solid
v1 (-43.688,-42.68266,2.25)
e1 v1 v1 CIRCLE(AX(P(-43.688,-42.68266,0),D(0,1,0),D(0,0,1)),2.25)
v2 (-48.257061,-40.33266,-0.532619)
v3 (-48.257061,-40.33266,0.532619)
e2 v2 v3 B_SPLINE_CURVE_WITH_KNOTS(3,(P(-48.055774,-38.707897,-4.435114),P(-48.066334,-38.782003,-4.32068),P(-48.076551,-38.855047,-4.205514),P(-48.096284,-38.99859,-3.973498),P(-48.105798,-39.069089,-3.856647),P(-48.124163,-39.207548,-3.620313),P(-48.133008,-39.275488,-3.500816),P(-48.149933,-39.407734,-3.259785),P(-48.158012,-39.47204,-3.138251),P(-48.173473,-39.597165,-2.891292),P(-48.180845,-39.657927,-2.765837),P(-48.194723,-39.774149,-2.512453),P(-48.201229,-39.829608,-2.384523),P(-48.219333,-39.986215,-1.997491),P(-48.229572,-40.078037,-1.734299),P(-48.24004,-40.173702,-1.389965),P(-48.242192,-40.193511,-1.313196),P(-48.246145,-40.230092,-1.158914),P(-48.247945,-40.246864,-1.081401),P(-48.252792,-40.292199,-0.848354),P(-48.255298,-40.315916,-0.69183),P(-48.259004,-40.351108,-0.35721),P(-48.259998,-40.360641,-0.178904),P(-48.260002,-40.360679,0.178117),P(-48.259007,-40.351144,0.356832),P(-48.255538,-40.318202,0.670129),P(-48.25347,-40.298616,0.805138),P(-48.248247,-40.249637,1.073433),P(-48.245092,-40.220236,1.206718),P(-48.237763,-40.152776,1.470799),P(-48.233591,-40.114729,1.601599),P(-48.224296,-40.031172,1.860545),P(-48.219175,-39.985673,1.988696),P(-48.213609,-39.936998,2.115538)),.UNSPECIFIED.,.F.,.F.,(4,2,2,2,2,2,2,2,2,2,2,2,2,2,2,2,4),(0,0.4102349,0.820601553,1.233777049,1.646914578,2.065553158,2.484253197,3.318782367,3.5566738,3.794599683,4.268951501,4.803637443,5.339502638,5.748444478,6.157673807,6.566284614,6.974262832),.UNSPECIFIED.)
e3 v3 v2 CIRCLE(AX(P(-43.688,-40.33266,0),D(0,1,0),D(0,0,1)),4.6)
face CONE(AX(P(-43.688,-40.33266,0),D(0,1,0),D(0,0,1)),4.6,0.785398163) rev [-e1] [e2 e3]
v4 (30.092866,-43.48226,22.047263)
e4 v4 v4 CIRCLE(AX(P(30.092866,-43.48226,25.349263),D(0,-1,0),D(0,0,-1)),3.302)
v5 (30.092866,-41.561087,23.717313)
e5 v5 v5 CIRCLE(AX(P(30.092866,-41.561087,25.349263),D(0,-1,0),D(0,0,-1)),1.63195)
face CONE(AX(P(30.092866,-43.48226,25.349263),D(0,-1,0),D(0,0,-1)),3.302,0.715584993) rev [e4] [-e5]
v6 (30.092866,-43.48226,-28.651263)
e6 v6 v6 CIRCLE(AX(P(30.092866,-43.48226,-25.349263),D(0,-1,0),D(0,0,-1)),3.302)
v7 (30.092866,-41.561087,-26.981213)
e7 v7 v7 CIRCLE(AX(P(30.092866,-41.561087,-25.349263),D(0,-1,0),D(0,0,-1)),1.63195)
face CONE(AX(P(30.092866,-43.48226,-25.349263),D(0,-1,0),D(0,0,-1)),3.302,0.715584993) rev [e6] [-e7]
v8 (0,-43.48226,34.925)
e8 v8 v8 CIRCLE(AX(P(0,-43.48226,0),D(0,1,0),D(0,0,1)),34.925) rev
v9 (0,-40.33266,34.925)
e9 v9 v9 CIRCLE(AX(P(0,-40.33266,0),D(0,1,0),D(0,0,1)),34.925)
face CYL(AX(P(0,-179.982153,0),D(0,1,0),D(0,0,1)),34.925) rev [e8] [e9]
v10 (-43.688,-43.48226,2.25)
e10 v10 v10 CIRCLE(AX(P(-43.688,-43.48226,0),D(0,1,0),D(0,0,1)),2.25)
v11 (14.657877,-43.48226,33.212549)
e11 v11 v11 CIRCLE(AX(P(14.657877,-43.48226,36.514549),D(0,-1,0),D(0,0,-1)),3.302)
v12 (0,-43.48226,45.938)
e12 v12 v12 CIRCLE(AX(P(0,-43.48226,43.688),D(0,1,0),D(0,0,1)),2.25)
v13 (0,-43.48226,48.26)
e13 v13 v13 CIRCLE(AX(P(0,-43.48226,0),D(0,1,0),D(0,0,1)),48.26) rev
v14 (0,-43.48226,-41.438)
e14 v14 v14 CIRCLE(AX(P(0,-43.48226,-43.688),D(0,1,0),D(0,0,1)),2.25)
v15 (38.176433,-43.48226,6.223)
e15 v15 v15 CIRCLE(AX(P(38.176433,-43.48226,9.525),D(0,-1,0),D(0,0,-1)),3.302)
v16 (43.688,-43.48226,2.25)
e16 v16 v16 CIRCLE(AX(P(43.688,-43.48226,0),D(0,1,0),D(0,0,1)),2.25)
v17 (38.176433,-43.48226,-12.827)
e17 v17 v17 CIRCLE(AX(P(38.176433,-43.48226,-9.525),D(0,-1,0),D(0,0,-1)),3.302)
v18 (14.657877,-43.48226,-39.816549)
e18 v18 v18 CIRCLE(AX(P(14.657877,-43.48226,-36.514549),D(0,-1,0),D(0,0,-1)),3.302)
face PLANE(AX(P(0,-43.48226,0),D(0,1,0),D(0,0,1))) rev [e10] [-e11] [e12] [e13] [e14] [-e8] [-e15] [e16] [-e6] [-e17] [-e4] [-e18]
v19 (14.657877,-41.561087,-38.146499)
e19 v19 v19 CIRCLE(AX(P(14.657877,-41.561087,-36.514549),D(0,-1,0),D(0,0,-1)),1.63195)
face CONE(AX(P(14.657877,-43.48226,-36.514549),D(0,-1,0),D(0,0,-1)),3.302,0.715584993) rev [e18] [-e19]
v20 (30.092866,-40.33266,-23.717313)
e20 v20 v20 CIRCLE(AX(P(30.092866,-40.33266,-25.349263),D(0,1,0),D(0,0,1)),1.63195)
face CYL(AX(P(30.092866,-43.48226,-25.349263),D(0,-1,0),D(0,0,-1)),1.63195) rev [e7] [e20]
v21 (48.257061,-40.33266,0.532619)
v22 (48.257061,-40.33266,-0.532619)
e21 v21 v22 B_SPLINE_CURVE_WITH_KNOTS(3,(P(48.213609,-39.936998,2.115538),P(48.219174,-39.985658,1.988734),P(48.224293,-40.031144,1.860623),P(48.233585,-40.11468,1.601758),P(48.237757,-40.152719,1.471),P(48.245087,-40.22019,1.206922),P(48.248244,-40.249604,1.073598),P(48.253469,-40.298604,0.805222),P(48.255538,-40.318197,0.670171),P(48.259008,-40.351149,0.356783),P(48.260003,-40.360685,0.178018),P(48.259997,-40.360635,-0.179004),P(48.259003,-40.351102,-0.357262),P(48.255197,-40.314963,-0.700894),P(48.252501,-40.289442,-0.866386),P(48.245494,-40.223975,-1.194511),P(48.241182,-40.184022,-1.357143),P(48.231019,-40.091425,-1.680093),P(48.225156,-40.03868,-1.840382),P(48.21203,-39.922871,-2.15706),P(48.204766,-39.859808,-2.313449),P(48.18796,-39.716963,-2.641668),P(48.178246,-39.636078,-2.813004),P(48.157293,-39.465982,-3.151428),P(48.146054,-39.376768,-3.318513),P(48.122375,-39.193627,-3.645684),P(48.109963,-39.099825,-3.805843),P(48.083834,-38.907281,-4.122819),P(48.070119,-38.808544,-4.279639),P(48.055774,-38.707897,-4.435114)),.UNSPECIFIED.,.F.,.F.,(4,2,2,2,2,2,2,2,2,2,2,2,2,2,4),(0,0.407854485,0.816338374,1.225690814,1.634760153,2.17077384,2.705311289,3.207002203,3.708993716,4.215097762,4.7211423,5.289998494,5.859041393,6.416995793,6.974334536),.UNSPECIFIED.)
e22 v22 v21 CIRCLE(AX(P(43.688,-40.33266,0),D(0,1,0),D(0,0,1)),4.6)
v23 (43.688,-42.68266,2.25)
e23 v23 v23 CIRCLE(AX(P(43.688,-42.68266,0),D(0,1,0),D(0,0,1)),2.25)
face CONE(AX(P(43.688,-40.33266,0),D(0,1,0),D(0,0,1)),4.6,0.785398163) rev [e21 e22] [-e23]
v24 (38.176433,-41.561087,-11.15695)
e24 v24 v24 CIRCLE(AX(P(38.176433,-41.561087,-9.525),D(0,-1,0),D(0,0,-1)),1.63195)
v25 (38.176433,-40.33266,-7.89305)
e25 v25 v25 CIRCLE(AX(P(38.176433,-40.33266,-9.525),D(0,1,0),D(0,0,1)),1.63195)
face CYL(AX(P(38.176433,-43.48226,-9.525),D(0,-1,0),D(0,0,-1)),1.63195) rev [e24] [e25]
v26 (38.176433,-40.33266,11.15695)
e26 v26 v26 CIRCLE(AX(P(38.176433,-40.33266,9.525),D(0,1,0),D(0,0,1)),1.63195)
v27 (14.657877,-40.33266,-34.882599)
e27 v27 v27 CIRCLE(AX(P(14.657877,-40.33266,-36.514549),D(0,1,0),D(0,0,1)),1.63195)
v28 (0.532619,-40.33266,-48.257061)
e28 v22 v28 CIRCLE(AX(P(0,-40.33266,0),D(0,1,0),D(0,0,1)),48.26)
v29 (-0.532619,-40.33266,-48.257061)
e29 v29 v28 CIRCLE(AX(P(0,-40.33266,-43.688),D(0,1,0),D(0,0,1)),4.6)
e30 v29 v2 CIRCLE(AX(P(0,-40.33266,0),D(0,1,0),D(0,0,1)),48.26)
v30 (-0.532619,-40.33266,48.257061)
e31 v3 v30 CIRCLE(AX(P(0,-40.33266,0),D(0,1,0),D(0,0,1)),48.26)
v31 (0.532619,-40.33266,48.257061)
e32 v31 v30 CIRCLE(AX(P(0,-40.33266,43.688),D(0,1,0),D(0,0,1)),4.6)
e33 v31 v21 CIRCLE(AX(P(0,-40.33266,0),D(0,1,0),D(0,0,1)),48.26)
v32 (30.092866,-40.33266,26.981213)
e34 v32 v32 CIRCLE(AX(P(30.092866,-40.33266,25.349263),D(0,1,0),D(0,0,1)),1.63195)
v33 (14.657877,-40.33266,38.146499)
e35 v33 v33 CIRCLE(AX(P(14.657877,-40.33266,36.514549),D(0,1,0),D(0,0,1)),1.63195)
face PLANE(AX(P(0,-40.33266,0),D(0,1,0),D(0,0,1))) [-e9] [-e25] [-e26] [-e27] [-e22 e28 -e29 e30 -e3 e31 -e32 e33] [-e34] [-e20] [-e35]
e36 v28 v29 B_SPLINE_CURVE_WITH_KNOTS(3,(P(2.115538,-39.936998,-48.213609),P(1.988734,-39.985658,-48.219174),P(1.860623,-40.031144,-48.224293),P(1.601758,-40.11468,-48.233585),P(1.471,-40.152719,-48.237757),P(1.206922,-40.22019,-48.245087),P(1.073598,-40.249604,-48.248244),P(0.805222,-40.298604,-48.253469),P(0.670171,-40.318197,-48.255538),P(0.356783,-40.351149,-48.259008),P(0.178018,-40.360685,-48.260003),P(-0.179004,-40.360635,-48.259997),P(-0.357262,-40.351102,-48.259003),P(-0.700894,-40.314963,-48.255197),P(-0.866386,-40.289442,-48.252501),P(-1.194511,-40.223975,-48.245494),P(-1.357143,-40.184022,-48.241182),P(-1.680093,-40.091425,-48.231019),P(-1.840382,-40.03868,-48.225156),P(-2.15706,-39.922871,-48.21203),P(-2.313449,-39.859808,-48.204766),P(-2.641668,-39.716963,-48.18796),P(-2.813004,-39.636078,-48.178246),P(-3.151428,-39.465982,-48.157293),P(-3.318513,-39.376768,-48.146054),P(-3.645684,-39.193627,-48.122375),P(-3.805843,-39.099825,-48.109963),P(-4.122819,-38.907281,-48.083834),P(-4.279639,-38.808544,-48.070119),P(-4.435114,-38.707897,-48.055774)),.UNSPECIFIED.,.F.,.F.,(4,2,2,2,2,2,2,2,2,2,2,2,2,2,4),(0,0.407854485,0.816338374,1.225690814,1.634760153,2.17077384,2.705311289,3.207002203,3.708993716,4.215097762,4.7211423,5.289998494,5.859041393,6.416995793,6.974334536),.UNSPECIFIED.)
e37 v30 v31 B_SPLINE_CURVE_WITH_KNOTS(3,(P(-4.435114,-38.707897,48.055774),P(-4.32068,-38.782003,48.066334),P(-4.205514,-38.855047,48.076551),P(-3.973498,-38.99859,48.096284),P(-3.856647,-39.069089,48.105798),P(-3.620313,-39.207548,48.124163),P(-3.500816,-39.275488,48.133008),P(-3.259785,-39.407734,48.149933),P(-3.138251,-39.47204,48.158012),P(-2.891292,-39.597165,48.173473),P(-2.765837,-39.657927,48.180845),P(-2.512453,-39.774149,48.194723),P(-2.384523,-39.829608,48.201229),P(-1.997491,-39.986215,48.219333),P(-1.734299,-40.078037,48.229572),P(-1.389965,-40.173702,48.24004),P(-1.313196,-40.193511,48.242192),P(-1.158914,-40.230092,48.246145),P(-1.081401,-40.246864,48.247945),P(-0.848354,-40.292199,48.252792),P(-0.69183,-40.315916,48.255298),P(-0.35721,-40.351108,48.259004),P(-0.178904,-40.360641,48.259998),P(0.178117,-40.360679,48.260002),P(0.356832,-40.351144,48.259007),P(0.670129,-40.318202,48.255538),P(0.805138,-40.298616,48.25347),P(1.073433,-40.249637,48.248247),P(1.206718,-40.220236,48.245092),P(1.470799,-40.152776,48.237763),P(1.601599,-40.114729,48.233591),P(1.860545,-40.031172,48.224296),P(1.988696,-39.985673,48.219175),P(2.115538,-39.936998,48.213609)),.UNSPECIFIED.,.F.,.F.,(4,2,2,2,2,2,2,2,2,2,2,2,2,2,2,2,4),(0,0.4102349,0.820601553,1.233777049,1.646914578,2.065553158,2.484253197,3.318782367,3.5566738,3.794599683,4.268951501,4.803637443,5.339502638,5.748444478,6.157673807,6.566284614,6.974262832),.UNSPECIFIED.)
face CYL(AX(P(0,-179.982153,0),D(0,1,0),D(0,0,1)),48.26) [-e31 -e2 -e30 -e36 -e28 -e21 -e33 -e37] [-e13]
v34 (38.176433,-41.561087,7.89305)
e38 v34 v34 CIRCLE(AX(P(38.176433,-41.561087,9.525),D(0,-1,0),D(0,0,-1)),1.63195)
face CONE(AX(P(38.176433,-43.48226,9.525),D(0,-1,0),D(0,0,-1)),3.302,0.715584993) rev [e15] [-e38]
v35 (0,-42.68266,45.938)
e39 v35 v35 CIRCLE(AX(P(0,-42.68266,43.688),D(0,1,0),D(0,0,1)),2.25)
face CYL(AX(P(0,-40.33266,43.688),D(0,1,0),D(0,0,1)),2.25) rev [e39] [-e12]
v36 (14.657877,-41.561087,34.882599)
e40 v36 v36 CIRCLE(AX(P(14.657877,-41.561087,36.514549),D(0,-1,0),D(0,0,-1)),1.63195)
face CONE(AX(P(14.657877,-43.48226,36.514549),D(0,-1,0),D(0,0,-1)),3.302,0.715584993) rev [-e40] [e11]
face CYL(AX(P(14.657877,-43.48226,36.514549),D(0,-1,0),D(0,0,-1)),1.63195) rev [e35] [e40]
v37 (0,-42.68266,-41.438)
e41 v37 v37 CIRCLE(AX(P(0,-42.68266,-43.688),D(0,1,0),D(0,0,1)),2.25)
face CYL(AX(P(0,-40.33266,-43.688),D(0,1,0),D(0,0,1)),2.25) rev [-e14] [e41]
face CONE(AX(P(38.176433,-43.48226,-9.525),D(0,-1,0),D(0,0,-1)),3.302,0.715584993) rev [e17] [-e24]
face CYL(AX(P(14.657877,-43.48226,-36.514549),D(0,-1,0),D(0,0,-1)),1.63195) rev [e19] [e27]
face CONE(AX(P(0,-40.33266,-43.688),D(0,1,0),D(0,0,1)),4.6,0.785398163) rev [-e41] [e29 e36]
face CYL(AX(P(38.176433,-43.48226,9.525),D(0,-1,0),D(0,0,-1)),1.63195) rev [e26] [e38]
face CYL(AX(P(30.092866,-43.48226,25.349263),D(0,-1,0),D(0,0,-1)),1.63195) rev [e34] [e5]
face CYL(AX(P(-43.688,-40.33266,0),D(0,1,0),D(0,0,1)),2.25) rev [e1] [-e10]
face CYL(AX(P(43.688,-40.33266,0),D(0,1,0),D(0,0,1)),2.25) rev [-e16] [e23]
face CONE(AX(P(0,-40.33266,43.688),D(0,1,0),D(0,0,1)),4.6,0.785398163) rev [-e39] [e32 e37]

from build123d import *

# Parameters (mm, degrees)
SKETCH3_R                                      = 48.26
SKETCH3_R_2                                    = 34.925
BOSS_EXTRUDE1_DEPTH                            = 3.1496
CSK_FOR_M4_FLAT_HEAD_MACHINE_SCREW2_AT_2_COUNT = 2
CSK_FOR_M4_FLAT_HEAD_MACHINE_SCREW2_AT_2_PITCH = 61.784162113
CSK_FOR_M4_FLAT_HEAD_MACHINE_SCREW2_AT_3_COUNT = 2
CSK_FOR_M4_FLAT_HEAD_MACHINE_SCREW2_AT_3_PITCH = 87.376
CSK_FOR_M4_FLAT_HEAD_MACHINE_SCREW2_AT_4_COUNT = 2
CSK_FOR_M4_FLAT_HEAD_MACHINE_SCREW2_AT_4_PITCH = 61.784162113
CSK_FOR_4_FLAT_HEAD_MACHINE_SCREW1_AT_2_COUNT  = 2
CSK_FOR_4_FLAT_HEAD_MACHINE_SCREW1_AT_2_PITCH  = 19.05
CSK_FOR_4_FLAT_HEAD_MACHINE_SCREW1_AT_3_COUNT  = 2
CSK_FOR_4_FLAT_HEAD_MACHINE_SCREW1_AT_3_PITCH  = 35.79885845
CSK_FOR_4_FLAT_HEAD_MACHINE_SCREW1_AT_4_COUNT  = 2
CSK_FOR_4_FLAT_HEAD_MACHINE_SCREW1_AT_4_PITCH  = 51.698767879
CSK_FOR_4_FLAT_HEAD_MACHINE_SCREW1_AT_5_COUNT  = 2
CSK_FOR_4_FLAT_HEAD_MACHINE_SCREW1_AT_5_PITCH  = 63.760255082
CSK_FOR_4_FLAT_HEAD_MACHINE_SCREW1_AT_6_COUNT  = 2
CSK_FOR_4_FLAT_HEAD_MACHINE_SCREW1_AT_6_PITCH  = 73.02909889


with BuildPart() as part:
    # Sketch3 → Boss-Extrude1 (new body)
    with BuildSketch(Plane(origin=(0, -40.33266, 0), x_dir=(1, 0, 0), z_dir=(0, 1, 0))):
        Circle(SKETCH3_R)
        Circle(SKETCH3_R_2, mode=Mode.SUBTRACT)
    extrude(amount=-BOSS_EXTRUDE1_DEPTH)

    # Sketch18 → CSK for M4 Flat Head Machine Screw2 (revolve, cut)
    with BuildSketch(Plane(origin=(0, -40.33266, 43.688), x_dir=(0, 0, 1), z_dir=(1, 0, 0))):
        Polygon((0, 0), (0, 3.1496), (2.25, 3.1496), (2.25, 2.35), (4.6, 0), align=None)
    csk_for_m4_flat_head_machine_screw2 = revolve(axis=Axis((0, -33.98266, 43.688), (0, -1, 0)), mode=Mode.SUBTRACT)

    # CSK for M4 Flat Head Machine Screw2 at 2: CSK for M4 Flat Head Machine Screw2 ×2
    with Locations(*[Vector(0.707106781, 0, -0.707106781) * (i * CSK_FOR_M4_FLAT_HEAD_MACHINE_SCREW2_AT_2_PITCH) for i in range(1, CSK_FOR_M4_FLAT_HEAD_MACHINE_SCREW2_AT_2_COUNT)]):
        add(csk_for_m4_flat_head_machine_screw2, mode=Mode.SUBTRACT)

    # CSK for M4 Flat Head Machine Screw2 at 3: CSK for M4 Flat Head Machine Screw2 ×2
    with Locations(*[(0, 0, -i * CSK_FOR_M4_FLAT_HEAD_MACHINE_SCREW2_AT_3_PITCH) for i in range(1, CSK_FOR_M4_FLAT_HEAD_MACHINE_SCREW2_AT_3_COUNT)]):
        add(csk_for_m4_flat_head_machine_screw2, mode=Mode.SUBTRACT)

    # CSK for M4 Flat Head Machine Screw2 at 4: CSK for M4 Flat Head Machine Screw2 ×2
    with Locations(*[Vector(-0.707106781, 0, -0.707106781) * (i * CSK_FOR_M4_FLAT_HEAD_MACHINE_SCREW2_AT_4_PITCH) for i in range(1, CSK_FOR_M4_FLAT_HEAD_MACHINE_SCREW2_AT_4_COUNT)]):
        add(csk_for_m4_flat_head_machine_screw2, mode=Mode.SUBTRACT)

    # Sketch9 → CSK for #4 Flat Head Machine Screw1 (revolve, cut)
    with BuildSketch(Plane(origin=(14.657877005, -43.48226, 36.514549445), x_dir=(0, 0, -1), z_dir=(1, 0, 0))):
        Polygon((0, 0), (0, 3.1496), (1.63195, 3.1496), (1.63195, 1.921172758), (3.302, 0), align=None)
    csk_for_4_flat_head_machine_screw1 = revolve(axis=Axis((14.657877005, -49.83226, 36.514549445), (0, 1, 0)), mode=Mode.SUBTRACT)

    # CSK for #4 Flat Head Machine Screw1 at 2: CSK for #4 Flat Head Machine Screw1 ×2
    with Locations(*[Vector(0.810235621, 0, -0.58610429) * (i * CSK_FOR_4_FLAT_HEAD_MACHINE_SCREW1_AT_2_PITCH) for i in range(1, CSK_FOR_4_FLAT_HEAD_MACHINE_SCREW1_AT_2_COUNT)]):
        add(csk_for_4_flat_head_machine_screw1, mode=Mode.SUBTRACT)

    # CSK for #4 Flat Head Machine Screw1 at 3: CSK for #4 Flat Head Machine Screw1 ×2
    with Locations(*[Vector(0.65696386, 0, -0.753922069) * (i * CSK_FOR_4_FLAT_HEAD_MACHINE_SCREW1_AT_3_PITCH) for i in range(1, CSK_FOR_4_FLAT_HEAD_MACHINE_SCREW1_AT_3_COUNT)]):
        add(csk_for_4_flat_head_machine_screw1, mode=Mode.SUBTRACT)

    # CSK for #4 Flat Head Machine Screw1 at 4: CSK for #4 Flat Head Machine Screw1 ×2
    with Locations(*[Vector(0.454915217, 0, -0.890534752) * (i * CSK_FOR_4_FLAT_HEAD_MACHINE_SCREW1_AT_4_PITCH) for i in range(1, CSK_FOR_4_FLAT_HEAD_MACHINE_SCREW1_AT_4_COUNT)]):
        add(csk_for_4_flat_head_machine_screw1, mode=Mode.SUBTRACT)

    # CSK for #4 Flat Head Machine Screw1 at 5: CSK for #4 Flat Head Machine Screw1 ×2
    with Locations(*[Vector(0.242078526, 0, -0.97025666) * (i * CSK_FOR_4_FLAT_HEAD_MACHINE_SCREW1_AT_5_PITCH) for i in range(1, CSK_FOR_4_FLAT_HEAD_MACHINE_SCREW1_AT_5_COUNT)]):
        add(csk_for_4_flat_head_machine_screw1, mode=Mode.SUBTRACT)

    # CSK for #4 Flat Head Machine Screw1 at 6: CSK for #4 Flat Head Machine Screw1 ×2
    with Locations(*[(0, 0, -i * CSK_FOR_4_FLAT_HEAD_MACHINE_SCREW1_AT_6_PITCH) for i in range(1, CSK_FOR_4_FLAT_HEAD_MACHINE_SCREW1_AT_6_COUNT)]):
        add(csk_for_4_flat_head_machine_screw1, mode=Mode.SUBTRACT)


solid = part.part
